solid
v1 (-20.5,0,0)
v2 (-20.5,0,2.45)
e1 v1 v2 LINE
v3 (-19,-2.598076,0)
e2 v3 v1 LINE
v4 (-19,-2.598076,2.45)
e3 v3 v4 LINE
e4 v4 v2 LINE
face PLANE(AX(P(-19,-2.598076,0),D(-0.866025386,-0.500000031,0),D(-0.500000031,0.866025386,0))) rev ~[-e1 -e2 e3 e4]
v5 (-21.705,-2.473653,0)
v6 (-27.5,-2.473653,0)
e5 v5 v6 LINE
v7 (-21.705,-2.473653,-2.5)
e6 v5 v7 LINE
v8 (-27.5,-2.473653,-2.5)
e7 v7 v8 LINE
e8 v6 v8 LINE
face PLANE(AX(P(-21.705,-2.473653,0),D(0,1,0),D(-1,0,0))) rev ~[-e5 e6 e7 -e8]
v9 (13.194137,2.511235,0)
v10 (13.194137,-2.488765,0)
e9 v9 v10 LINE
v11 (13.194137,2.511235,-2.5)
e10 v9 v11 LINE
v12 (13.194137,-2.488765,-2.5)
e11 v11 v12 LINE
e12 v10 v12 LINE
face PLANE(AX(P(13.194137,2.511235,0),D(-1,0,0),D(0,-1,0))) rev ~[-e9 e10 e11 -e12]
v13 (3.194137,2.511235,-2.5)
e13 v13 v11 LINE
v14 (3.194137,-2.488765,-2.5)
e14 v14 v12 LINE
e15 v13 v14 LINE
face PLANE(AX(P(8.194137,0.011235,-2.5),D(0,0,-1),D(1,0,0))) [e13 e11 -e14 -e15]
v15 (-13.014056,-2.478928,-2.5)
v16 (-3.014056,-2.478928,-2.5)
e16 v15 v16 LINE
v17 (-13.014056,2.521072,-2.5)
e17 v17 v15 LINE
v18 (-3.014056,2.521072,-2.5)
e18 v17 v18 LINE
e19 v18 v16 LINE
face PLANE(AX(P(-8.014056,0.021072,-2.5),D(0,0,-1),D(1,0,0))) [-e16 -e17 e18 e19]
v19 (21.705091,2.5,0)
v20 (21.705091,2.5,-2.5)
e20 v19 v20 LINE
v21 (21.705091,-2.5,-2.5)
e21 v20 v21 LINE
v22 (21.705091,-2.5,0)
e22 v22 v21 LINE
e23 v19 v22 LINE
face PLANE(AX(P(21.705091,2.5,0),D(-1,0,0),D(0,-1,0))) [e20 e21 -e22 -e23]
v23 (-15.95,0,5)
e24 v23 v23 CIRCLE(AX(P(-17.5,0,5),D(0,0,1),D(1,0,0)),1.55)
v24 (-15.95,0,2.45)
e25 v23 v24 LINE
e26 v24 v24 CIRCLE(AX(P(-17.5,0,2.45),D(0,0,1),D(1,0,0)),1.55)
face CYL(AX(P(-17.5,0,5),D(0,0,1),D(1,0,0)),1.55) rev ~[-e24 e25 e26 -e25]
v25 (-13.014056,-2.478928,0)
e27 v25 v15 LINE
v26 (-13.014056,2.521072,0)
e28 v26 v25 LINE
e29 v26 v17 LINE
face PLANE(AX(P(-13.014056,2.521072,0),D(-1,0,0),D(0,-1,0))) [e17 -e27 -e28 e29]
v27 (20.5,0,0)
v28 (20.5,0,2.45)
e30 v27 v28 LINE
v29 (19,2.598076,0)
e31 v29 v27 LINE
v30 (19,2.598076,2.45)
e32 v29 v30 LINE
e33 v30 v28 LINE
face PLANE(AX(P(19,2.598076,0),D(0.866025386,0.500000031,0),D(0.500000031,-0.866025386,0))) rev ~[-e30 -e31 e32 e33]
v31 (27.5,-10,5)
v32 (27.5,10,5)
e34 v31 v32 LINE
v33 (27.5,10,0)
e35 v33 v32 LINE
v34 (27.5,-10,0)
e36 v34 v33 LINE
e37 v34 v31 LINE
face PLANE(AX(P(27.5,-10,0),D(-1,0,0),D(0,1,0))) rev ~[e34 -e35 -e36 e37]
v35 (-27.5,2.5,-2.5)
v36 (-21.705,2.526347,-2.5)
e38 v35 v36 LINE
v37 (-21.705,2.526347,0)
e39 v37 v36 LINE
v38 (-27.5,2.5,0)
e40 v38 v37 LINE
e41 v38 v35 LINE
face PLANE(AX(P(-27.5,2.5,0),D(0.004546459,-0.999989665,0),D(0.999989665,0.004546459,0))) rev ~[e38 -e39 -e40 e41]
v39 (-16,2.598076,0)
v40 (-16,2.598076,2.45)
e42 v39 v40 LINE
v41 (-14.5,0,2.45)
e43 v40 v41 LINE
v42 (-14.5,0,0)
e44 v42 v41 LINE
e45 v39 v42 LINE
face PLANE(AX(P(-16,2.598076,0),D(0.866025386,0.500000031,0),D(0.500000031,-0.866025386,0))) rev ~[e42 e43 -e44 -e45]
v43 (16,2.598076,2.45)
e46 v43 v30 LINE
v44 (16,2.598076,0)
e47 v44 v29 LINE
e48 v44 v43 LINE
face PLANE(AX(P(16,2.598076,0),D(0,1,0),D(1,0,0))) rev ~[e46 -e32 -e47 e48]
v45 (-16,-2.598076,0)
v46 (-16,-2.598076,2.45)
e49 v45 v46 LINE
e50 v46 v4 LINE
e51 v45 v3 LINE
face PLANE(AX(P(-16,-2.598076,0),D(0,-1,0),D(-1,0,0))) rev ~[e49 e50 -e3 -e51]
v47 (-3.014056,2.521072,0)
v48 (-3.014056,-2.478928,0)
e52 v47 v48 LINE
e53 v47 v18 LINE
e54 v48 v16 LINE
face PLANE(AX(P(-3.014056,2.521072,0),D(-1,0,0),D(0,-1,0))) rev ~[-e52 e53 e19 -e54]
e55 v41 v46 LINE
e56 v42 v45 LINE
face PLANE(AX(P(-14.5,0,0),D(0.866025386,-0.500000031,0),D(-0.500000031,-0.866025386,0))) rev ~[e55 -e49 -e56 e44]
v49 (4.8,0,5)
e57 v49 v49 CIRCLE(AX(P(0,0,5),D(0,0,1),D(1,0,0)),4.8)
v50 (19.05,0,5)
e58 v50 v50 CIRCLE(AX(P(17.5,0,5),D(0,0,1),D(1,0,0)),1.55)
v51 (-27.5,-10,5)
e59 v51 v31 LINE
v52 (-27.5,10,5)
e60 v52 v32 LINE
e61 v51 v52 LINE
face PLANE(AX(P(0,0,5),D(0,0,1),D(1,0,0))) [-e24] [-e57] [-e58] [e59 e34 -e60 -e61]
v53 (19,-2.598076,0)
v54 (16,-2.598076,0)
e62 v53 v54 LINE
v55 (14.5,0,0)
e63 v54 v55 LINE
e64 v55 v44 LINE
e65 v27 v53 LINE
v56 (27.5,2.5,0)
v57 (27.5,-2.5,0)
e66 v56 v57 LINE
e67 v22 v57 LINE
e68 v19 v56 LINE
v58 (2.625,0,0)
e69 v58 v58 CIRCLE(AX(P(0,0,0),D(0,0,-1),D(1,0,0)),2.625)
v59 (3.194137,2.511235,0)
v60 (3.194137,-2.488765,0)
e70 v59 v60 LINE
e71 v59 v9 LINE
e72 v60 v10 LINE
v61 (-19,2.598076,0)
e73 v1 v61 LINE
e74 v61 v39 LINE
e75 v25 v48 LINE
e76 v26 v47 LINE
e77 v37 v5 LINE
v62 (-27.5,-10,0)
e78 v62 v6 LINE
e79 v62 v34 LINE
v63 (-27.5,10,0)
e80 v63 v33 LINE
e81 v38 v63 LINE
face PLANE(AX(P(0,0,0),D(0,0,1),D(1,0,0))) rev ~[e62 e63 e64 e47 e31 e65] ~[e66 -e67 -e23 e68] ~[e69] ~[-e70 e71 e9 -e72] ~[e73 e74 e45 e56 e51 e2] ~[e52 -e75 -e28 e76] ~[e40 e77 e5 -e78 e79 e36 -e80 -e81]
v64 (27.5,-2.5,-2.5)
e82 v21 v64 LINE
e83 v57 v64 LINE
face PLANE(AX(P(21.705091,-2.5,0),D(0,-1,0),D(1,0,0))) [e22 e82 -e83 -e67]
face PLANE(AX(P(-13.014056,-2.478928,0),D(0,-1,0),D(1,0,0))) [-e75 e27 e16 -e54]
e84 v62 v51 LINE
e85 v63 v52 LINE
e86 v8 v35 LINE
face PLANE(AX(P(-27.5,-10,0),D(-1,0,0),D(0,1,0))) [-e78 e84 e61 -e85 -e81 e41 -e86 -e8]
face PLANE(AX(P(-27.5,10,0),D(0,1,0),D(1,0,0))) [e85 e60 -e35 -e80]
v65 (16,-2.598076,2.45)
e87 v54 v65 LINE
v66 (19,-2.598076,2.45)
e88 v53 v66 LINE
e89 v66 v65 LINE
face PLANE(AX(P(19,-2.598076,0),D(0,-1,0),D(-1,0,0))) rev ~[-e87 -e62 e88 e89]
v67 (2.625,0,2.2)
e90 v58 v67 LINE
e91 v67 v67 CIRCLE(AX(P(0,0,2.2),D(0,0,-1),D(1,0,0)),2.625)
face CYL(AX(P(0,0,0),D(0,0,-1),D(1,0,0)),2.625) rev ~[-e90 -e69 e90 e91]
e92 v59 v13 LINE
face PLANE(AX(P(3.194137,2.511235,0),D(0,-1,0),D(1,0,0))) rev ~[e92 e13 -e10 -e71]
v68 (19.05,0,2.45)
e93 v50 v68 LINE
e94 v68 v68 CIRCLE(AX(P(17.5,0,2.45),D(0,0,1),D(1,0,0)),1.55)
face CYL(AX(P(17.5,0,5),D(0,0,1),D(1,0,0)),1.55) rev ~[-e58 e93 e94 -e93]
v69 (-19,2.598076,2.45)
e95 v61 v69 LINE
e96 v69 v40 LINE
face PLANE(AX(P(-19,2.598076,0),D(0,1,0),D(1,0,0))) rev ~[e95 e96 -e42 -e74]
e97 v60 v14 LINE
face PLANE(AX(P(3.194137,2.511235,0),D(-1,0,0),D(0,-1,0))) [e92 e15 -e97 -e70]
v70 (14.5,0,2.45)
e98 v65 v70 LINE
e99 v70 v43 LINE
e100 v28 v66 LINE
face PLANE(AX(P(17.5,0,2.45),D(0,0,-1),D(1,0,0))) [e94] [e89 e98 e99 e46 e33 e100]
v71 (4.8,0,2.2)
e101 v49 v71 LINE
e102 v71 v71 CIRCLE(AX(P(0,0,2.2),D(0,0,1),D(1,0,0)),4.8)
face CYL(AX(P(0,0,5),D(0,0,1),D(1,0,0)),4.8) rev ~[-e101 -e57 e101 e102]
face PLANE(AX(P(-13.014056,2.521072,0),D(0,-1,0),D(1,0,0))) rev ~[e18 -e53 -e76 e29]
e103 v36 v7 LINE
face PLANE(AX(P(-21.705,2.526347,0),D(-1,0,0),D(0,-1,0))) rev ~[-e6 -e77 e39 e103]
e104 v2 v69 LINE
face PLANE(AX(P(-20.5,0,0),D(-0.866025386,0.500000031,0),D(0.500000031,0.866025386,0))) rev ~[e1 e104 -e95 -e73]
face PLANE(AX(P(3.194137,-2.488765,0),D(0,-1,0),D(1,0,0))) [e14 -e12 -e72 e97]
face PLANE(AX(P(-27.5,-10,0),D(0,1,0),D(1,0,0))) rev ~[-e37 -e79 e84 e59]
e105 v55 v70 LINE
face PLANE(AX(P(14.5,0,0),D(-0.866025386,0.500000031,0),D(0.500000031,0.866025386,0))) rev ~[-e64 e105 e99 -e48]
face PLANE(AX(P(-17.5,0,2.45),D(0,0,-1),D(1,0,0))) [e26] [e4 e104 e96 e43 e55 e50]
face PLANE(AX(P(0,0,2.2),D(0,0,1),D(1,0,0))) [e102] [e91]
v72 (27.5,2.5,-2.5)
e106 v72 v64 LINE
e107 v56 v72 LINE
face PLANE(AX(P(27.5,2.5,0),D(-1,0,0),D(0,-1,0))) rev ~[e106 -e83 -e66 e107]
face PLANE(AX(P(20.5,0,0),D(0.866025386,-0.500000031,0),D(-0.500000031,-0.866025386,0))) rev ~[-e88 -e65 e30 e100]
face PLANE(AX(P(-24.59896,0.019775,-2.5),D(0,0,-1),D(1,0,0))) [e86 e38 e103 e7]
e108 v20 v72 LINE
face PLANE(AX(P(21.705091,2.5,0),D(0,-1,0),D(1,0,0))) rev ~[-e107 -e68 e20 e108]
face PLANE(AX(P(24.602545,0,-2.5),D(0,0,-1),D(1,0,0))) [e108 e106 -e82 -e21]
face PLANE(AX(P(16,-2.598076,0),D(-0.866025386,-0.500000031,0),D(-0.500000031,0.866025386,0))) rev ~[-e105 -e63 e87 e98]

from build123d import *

# Parameters (mm, degrees)
F0_W      = 55
F0_H      = 20
F1_DEPTH  = 5
F2_R      = 4.8
F3_DEPTH  = 2.8
F4_R      = 2.625
F5_DEPTH  = 25
F2_R_2    = 1.55
F6_DEPTH  = 25
F8_DEPTH  = 2.45
F9_W      = 10
F9_H      = 5
F9_W_2    = 5.794909
F10_DEPTH = 2.5


with BuildPart() as f1:
    # F0 (on Top) → F1 (new body)
    with BuildSketch(Plane.XY):
        Rectangle(F0_W, F0_H)
    extrude(amount=F1_DEPTH)

    # F2 (on face) → F3 (cut)
    with BuildSketch(Plane.XY.offset(5)):
        Circle(F2_R)
    extrude(amount=-F3_DEPTH, mode=Mode.SUBTRACT)

    # F4 (on face) → F5 (cut)
    with BuildSketch(Plane(origin=(0, 0, 0), x_dir=(1, 0, 0), z_dir=(0, 0, -1))):
        Circle(F4_R)
    extrude(amount=-F5_DEPTH, mode=Mode.SUBTRACT)

    # F2 (on face) → F6 (cut)
    with BuildSketch(Plane.XY.offset(5)):
        with Locations((-17.5, 0)):
            Circle(F2_R_2)
        with Locations((17.5, 0)):
            Circle(F2_R_2)
    extrude(amount=-F6_DEPTH, mode=Mode.SUBTRACT)

    # F7 (on face) → F8 (cut)
    with BuildSketch(Plane(origin=(0, 0, 0), x_dir=(1, 0, 0), z_dir=(0, 0, -1))):
        Polygon((-16, 2.598076), (-19, 2.598076), (-20.5, 0), (-19, -2.598076), (-16, -2.598076), (-14.5, 0), align=None)
        Polygon((19, 2.598076), (16, 2.598076), (14.5, 0), (16, -2.598076), (19, -2.598076), (20.5, 0), align=None)
    extrude(amount=-F8_DEPTH, mode=Mode.SUBTRACT)

    # F9 (on face) → F10 (join)
    with BuildSketch(Plane(origin=(0, 0, 0), x_dir=(1, 0, 0), z_dir=(0, 0, -1))):
        Polygon((-27.5, 2.473653), (-27.5, -2.5), (-21.705, -2.526347), (-21.705, 2.473653), align=None)
        with Locations((-8.014056, -0.021072)):
            Rectangle(F9_W, F9_H)
        with Locations((8.194137, -0.011235)):
            Rectangle(F9_W, F9_H)
        with Locations((24.602545, 0)):
            Rectangle(F9_W_2, F9_H)
    extrude(amount=F10_DEPTH)


solid = f1.part
